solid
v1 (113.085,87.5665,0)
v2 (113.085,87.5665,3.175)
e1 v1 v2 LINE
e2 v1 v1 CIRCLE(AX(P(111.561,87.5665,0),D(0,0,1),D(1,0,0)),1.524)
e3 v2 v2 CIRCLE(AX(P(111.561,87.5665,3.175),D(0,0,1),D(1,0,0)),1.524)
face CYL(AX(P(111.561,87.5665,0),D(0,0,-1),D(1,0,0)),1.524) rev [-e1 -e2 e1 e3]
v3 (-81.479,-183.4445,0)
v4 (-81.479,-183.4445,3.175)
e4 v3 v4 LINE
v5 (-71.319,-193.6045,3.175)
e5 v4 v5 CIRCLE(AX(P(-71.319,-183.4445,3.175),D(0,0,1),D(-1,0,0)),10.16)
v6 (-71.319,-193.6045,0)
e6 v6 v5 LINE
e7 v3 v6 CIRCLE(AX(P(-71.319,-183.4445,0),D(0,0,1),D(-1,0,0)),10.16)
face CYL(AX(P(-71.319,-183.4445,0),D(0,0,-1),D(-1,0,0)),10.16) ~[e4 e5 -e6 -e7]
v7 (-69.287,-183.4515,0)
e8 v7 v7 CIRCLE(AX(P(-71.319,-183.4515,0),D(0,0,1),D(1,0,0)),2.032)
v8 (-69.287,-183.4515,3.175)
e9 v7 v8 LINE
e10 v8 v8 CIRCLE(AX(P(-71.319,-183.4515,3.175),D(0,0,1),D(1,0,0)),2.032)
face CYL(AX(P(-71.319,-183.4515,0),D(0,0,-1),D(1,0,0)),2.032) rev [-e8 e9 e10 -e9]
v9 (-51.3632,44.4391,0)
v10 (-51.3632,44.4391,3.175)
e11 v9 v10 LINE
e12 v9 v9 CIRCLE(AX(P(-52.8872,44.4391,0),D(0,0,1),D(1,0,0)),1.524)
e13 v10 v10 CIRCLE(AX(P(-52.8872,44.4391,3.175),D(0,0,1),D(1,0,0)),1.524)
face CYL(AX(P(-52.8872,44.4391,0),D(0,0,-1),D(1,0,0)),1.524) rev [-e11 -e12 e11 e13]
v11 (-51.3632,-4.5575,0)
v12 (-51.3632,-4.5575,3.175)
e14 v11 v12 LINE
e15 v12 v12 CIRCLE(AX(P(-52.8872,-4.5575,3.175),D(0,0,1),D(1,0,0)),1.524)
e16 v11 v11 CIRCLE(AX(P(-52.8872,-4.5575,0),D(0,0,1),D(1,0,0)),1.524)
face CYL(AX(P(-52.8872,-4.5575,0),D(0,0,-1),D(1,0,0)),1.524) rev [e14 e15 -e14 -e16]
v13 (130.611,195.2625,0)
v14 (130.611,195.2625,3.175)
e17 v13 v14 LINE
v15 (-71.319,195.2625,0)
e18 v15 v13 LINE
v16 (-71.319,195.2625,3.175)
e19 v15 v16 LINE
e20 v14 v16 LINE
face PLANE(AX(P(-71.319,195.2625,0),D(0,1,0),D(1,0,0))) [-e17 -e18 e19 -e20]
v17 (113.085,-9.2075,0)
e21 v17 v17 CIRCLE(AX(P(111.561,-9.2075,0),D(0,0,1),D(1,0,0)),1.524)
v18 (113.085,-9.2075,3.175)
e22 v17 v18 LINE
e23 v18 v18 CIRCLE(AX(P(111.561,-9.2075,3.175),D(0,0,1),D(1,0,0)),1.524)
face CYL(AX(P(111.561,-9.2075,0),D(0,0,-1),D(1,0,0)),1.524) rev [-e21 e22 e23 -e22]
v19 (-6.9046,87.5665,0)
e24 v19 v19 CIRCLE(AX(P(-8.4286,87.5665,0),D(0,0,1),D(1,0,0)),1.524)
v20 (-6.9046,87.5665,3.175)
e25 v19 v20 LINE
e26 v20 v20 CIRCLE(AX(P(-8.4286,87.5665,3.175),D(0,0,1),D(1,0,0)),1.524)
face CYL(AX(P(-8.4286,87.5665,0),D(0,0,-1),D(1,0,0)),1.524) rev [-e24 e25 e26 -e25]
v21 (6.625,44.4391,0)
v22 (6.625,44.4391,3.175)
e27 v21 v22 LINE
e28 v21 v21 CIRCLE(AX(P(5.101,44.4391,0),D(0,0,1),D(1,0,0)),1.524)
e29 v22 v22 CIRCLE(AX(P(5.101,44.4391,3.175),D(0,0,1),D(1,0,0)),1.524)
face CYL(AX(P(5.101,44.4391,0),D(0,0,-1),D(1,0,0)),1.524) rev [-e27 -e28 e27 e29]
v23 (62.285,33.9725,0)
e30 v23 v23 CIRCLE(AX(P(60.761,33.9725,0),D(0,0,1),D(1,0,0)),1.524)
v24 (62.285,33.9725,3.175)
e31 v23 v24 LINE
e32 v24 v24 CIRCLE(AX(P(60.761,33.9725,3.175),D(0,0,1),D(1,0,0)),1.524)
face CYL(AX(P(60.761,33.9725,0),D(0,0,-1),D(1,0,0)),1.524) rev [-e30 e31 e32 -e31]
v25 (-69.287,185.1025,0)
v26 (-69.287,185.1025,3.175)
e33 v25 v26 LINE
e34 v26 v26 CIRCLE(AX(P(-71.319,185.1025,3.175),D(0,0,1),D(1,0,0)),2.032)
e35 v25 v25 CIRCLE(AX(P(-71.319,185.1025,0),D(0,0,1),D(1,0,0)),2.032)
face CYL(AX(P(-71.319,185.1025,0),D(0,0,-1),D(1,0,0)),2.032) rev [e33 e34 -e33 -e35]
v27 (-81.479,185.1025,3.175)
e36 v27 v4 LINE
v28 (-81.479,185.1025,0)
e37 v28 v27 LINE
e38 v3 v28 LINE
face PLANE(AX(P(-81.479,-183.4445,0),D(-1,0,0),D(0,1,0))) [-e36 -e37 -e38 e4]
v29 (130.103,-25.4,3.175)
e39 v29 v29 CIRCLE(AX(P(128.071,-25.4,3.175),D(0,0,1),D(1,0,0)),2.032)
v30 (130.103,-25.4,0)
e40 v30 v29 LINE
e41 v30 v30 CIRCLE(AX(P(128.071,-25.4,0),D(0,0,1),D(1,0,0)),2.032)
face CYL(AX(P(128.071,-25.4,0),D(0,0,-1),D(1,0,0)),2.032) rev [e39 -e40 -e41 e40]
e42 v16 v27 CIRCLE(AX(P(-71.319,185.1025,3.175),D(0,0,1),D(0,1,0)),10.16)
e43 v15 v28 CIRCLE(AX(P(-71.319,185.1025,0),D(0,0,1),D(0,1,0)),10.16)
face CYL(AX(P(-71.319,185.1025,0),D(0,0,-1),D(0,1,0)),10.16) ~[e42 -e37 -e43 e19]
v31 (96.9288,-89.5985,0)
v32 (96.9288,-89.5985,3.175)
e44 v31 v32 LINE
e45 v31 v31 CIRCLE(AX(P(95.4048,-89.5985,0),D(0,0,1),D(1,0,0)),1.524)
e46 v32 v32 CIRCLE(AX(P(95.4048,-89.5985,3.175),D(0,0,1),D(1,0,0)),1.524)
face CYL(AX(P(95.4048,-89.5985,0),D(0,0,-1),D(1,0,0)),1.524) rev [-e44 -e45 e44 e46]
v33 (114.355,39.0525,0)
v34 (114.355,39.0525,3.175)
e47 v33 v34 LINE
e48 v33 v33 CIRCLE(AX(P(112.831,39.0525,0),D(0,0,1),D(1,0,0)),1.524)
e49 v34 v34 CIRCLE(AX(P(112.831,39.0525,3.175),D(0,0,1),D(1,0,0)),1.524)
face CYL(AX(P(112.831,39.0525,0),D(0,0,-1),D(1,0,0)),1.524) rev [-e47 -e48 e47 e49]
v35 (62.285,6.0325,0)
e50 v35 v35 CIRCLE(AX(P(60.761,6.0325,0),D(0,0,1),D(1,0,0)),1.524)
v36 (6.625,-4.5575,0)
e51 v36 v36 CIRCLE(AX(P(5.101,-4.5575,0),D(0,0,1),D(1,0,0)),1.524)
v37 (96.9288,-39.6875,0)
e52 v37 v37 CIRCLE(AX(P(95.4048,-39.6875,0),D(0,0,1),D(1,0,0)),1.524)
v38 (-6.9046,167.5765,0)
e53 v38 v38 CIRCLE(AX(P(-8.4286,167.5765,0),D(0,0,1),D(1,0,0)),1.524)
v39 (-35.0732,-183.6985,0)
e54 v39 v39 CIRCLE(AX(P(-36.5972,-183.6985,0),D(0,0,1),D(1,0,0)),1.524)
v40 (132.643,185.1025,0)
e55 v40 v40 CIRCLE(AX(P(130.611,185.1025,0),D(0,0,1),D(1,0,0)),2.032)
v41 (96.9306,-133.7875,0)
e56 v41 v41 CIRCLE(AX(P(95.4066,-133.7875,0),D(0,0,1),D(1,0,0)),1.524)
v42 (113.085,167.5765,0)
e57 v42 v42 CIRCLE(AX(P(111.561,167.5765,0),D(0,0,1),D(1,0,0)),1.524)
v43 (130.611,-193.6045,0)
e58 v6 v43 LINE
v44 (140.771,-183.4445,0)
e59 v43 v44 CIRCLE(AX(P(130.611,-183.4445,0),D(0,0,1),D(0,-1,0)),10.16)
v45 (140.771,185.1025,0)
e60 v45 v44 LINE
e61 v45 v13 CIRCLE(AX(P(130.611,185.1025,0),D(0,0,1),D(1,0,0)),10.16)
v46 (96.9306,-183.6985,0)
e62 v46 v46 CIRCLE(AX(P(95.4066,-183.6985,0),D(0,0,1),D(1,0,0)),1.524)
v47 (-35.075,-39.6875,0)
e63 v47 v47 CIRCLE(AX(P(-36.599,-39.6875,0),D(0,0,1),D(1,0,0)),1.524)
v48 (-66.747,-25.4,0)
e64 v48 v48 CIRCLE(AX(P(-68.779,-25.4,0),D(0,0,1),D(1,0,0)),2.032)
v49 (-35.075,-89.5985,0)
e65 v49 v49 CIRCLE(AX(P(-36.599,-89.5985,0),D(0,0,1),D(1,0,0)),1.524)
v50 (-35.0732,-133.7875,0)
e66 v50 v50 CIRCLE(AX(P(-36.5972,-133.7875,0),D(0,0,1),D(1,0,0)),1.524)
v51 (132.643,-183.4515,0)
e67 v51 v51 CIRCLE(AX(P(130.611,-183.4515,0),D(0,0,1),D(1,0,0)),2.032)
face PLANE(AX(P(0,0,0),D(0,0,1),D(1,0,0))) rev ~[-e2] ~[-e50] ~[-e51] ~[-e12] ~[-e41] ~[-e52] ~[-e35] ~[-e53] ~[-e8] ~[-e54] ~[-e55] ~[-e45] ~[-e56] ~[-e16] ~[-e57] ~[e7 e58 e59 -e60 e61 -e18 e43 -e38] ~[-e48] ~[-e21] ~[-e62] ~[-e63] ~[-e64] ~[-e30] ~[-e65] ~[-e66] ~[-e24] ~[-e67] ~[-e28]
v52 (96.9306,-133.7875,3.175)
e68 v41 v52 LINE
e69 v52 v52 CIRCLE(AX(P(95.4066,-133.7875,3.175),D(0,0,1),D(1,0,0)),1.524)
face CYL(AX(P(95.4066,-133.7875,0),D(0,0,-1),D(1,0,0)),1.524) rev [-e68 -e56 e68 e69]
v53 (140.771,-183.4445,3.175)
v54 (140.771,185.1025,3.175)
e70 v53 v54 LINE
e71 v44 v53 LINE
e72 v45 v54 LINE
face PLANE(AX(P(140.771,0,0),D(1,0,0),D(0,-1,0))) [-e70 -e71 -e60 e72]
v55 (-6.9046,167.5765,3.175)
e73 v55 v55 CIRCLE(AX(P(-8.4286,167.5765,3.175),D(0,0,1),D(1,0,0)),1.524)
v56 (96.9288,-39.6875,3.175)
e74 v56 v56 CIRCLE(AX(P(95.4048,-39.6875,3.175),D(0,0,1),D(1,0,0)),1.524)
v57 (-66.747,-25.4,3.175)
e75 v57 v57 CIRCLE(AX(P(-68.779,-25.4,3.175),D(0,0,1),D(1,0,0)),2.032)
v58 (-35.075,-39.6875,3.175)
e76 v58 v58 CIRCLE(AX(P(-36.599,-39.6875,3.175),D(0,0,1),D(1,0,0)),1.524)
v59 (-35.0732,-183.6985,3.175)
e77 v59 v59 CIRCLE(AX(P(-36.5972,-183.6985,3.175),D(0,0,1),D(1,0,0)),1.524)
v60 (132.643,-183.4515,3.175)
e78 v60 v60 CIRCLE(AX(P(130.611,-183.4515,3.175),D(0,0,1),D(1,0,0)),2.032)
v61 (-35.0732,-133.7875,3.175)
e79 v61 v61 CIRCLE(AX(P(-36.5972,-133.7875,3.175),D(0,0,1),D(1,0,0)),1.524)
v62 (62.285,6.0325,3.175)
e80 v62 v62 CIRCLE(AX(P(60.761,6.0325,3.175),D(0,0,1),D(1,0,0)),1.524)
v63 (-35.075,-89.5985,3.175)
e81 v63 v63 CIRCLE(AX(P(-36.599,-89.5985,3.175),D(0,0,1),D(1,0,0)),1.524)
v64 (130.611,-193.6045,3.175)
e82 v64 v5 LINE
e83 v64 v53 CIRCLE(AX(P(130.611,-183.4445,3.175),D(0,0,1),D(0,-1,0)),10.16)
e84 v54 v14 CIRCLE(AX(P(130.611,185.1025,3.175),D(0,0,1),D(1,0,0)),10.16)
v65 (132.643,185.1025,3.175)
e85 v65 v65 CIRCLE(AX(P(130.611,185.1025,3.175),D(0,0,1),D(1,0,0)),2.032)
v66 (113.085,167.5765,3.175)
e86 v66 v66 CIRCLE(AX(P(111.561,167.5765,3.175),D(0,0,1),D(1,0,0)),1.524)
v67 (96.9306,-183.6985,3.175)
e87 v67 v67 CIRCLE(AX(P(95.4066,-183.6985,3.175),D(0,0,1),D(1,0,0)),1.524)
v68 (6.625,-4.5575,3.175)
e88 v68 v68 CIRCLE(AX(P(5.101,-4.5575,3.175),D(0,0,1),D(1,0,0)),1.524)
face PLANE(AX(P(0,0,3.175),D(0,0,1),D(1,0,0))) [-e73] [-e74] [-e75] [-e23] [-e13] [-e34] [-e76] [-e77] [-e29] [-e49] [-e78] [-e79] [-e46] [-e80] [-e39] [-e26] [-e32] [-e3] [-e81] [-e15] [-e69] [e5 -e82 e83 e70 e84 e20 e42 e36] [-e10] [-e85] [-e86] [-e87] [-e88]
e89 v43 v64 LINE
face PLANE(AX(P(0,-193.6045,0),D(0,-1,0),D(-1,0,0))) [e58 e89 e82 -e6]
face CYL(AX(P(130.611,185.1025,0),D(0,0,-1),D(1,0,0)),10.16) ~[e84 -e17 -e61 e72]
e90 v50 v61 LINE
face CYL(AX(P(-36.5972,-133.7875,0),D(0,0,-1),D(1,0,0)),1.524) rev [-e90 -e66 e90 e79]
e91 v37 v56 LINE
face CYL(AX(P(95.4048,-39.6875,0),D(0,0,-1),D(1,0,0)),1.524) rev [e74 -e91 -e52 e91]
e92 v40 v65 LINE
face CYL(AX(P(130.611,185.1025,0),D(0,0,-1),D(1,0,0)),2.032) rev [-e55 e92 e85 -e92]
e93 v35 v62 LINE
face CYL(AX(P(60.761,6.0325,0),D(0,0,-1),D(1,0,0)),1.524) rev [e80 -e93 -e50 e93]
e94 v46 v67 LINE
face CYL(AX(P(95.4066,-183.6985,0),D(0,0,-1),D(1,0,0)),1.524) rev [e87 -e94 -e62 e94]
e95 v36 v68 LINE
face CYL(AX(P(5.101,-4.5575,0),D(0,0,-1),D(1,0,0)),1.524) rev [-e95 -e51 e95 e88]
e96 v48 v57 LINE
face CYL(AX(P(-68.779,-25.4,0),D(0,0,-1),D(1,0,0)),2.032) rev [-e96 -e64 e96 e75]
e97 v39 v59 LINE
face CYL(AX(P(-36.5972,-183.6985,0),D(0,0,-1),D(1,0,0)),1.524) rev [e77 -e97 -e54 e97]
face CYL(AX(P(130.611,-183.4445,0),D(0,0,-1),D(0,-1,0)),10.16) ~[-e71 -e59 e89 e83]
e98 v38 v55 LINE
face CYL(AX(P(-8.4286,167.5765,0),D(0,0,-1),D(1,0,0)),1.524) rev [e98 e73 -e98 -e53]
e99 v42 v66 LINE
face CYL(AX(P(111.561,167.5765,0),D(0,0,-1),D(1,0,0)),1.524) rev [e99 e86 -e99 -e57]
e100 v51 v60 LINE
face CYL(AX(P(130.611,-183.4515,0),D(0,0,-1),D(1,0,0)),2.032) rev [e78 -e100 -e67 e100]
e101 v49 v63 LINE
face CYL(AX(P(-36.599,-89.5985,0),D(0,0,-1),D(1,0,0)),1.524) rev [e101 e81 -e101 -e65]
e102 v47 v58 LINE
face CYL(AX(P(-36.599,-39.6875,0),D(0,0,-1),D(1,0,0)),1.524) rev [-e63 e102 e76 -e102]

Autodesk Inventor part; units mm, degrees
ref_plane "YZ Plane" through (0, 0, 0) normal (1, 0, 0) x (0, 1, 0)
ref_plane "XZ Plane" through (0, 0, 0) normal (0, 1, 0) x (-1, 0, 0)
ref_plane "XY Plane" through (0, 0, 0) normal (0, 0, 1) x (1, 0, 0)
sketch "Sketch1" plane through (0, 0, 0) normal (0, 0, 1) x (1, 0, 0)
  line L0 (0, -274.3238) -> (0, 275.9818) projected
  line L1 (-128.8749, 0) -> (188.1669, 0) projected
  line L2 (-68.779, 176.2125) -> (128.071, 176.2125) construction
  line L3 (128.071, 176.2125) -> (128.071, 79.6925) construction
  line L4 (128.071, 79.6925) -> (-68.779, 79.6925) construction
  line L5 (-68.779, 79.6925) -> (-68.779, 176.2125) construction
  line L6 (-76.399, 47.9425) -> (8.601, 47.9425) construction
  line L7 (8.601, 47.9425) -> (8.601, -8.0575) construction
  line L8 (8.601, -8.0575) -> (-76.399, -8.0575) construction
  line L9 (-76.399, -8.0575) -> (-76.399, 47.9425) construction
  line L10 (59.491, 41.5925) -> (128.071, 41.5925) construction
  line L11 (128.071, 41.5925) -> (128.071, -11.7475) construction
  line L12 (128.071, -11.7475) -> (59.491, -11.7475) construction
  line L13 (59.491, -11.7475) -> (59.491, 41.5925) construction
  line L14 (-39.139, -37.1475) -> (98.861, -37.1475) construction
  line L15 (98.861, -37.1475) -> (98.861, -93.1475) construction
  line L16 (98.861, -93.1475) -> (-39.139, -93.1475) construction
  line L17 (-39.139, -93.1475) -> (-39.139, -37.1475) construction
  line L18 (-71.319, 195.2625) -> (130.611, 195.2625)
  line L19 (140.771, 185.1025) -> (140.771, -183.4445)
  line L20 (130.611, -193.6045) -> (-71.319, -193.6045)
  line L21 (-81.479, -183.4445) -> (-81.479, 185.1025)
  arc A0 (-71.319, 195.2625) -> (-81.479, 185.1025) centre (-71.319, 185.1025) ccw
  arc A1 (140.771, 185.1025) -> (130.611, 195.2625) centre (130.611, 185.1025) ccw
  arc A2 (130.611, -193.6045) -> (140.771, -183.4445) centre (130.611, -183.4445) ccw
  arc A3 (-81.479, -183.4445) -> (-71.319, -193.6045) centre (-71.319, -183.4445) ccw
  line L22 (-39.1372, -131.2475) -> (98.861, -131.2475) construction
  line L23 (98.861, -131.2475) -> (98.861, -187.2545) construction
  line L24 (98.861, -187.2545) -> (-39.1372, -187.2545) construction
  line L25 (-39.1372, -187.2545) -> (-39.1372, -131.2475) construction
  circle A4 centre (-8.4286, 87.5665) radius 1.524
  circle A5 centre (-8.4286, 167.5765) radius 1.524
  circle A6 centre (111.561, 87.5665) radius 1.524
  circle A7 centre (111.561, 167.5765) radius 1.524
  circle A8 centre (-52.8872, 44.4391) radius 1.524
  circle A9 centre (5.101, 44.4391) radius 1.524
  circle A10 centre (-52.8872, -4.5575) radius 1.524
  circle A11 centre (5.101, -4.5575) radius 1.524
  circle A12 centre (60.761, 33.9725) radius 1.524
  circle A13 centre (112.831, 39.0525) radius 1.524
  circle A14 centre (60.761, 6.0325) radius 1.524
  circle A15 centre (111.561, -9.2075) radius 1.524
  circle A16 centre (-36.599, -39.6875) radius 1.524
  circle A17 centre (-36.599, -89.5985) radius 1.524
  circle A18 centre (95.4048, -39.6875) radius 1.524
  circle A19 centre (95.4048, -89.5985) radius 1.524
  circle A20 centre (-36.5972, -133.7875) radius 1.524
  circle A21 centre (-36.5972, -183.6985) radius 1.524
  circle A22 centre (95.4066, -133.7875) radius 1.524
  circle A23 centre (95.4066, -183.6985) radius 1.524
  circle A24 centre (-71.319, 185.1025) radius 2.032
  circle A25 centre (130.611, 185.1025) radius 2.032
  circle A26 centre (-71.319, -183.4515) radius 2.032
  circle A27 centre (130.611, -183.4515) radius 2.032
  circle A28 centre (-68.779, -25.4) radius 2.032
  circle A29 centre (128.071, -25.4) radius 2.032
  point P0 (60.761, 6.0325)
  dimension "d48" = 196.85
  dimension "d49" = 96.52
  dimension "d61" = 85
  dimension "d62" = 56
  dimension "d67" = 27.94
  dimension "d69" = 50.8
  dimension "d71" = 5.08
  dimension "d72" = 1.27
  dimension "d85" = 15.24
  dimension "d87" = 1.27
  dimension "d88" = 2.54
  dimension "d89" = 68.58
  dimension "d90" = 53.34
  dimension "d91" = 2.54
  dimension "d92" = 2.54
  dimension "d93" = 138
  dimension "d94" = 56
  dimension "d119" = 50.8
  dimension "d122" = 10.16
  dimension "d170" = 31.75
  dimension "d171" = 38.1
  dimension "d208" = 2.54
  dimension "d209" = 56.007
  dimension "d210" = 137.9982
  dimension "d212" = 3.048
  dimension "d215" = 80.01
  dimension "d218" = 119.9896
  dimension "d221" = 3.048
  dimension "d224" = 57.9882
  dimension "d227" = 48.9966
  dimension "d230" = 3.048
  dimension "d231" = 3.048
  dimension "d232" = 3.048
  dimension "d233" = 3.048
  dimension "d234" = 3.048
  dimension "d237" = 49.911
  dimension "d240" = 132.0038
  dimension "d243" = 3.048
  dimension "d246" = 49.911
  dimension "d249" = 132.0038
  dimension "d256" = 19.05
  dimension "d259" = 12.7
  dimension "d261" = 4.064
  dimension "d264" = 201.93
  dimension "d267" = 368.554
  dimension "d271" = 4.064
  dimension "d272" = 4.064
  dimension "d273" = 12.7
  dimension "d274" = 12.7
  dimension "d280" = 8.636
  dimension "d283" = 3.5
  dimension "d284" = 3.5
  dimension "d285" = 5.08
  dimension "d287" = 41.91
  dimension "d288" = 41.91
  dimension "d289" = 6.35
  dimension "d290" = 38.1
extrude "Extrusion3" add sketch "Sketch1" along normal blind 3.175
properties part number "darla-board"
